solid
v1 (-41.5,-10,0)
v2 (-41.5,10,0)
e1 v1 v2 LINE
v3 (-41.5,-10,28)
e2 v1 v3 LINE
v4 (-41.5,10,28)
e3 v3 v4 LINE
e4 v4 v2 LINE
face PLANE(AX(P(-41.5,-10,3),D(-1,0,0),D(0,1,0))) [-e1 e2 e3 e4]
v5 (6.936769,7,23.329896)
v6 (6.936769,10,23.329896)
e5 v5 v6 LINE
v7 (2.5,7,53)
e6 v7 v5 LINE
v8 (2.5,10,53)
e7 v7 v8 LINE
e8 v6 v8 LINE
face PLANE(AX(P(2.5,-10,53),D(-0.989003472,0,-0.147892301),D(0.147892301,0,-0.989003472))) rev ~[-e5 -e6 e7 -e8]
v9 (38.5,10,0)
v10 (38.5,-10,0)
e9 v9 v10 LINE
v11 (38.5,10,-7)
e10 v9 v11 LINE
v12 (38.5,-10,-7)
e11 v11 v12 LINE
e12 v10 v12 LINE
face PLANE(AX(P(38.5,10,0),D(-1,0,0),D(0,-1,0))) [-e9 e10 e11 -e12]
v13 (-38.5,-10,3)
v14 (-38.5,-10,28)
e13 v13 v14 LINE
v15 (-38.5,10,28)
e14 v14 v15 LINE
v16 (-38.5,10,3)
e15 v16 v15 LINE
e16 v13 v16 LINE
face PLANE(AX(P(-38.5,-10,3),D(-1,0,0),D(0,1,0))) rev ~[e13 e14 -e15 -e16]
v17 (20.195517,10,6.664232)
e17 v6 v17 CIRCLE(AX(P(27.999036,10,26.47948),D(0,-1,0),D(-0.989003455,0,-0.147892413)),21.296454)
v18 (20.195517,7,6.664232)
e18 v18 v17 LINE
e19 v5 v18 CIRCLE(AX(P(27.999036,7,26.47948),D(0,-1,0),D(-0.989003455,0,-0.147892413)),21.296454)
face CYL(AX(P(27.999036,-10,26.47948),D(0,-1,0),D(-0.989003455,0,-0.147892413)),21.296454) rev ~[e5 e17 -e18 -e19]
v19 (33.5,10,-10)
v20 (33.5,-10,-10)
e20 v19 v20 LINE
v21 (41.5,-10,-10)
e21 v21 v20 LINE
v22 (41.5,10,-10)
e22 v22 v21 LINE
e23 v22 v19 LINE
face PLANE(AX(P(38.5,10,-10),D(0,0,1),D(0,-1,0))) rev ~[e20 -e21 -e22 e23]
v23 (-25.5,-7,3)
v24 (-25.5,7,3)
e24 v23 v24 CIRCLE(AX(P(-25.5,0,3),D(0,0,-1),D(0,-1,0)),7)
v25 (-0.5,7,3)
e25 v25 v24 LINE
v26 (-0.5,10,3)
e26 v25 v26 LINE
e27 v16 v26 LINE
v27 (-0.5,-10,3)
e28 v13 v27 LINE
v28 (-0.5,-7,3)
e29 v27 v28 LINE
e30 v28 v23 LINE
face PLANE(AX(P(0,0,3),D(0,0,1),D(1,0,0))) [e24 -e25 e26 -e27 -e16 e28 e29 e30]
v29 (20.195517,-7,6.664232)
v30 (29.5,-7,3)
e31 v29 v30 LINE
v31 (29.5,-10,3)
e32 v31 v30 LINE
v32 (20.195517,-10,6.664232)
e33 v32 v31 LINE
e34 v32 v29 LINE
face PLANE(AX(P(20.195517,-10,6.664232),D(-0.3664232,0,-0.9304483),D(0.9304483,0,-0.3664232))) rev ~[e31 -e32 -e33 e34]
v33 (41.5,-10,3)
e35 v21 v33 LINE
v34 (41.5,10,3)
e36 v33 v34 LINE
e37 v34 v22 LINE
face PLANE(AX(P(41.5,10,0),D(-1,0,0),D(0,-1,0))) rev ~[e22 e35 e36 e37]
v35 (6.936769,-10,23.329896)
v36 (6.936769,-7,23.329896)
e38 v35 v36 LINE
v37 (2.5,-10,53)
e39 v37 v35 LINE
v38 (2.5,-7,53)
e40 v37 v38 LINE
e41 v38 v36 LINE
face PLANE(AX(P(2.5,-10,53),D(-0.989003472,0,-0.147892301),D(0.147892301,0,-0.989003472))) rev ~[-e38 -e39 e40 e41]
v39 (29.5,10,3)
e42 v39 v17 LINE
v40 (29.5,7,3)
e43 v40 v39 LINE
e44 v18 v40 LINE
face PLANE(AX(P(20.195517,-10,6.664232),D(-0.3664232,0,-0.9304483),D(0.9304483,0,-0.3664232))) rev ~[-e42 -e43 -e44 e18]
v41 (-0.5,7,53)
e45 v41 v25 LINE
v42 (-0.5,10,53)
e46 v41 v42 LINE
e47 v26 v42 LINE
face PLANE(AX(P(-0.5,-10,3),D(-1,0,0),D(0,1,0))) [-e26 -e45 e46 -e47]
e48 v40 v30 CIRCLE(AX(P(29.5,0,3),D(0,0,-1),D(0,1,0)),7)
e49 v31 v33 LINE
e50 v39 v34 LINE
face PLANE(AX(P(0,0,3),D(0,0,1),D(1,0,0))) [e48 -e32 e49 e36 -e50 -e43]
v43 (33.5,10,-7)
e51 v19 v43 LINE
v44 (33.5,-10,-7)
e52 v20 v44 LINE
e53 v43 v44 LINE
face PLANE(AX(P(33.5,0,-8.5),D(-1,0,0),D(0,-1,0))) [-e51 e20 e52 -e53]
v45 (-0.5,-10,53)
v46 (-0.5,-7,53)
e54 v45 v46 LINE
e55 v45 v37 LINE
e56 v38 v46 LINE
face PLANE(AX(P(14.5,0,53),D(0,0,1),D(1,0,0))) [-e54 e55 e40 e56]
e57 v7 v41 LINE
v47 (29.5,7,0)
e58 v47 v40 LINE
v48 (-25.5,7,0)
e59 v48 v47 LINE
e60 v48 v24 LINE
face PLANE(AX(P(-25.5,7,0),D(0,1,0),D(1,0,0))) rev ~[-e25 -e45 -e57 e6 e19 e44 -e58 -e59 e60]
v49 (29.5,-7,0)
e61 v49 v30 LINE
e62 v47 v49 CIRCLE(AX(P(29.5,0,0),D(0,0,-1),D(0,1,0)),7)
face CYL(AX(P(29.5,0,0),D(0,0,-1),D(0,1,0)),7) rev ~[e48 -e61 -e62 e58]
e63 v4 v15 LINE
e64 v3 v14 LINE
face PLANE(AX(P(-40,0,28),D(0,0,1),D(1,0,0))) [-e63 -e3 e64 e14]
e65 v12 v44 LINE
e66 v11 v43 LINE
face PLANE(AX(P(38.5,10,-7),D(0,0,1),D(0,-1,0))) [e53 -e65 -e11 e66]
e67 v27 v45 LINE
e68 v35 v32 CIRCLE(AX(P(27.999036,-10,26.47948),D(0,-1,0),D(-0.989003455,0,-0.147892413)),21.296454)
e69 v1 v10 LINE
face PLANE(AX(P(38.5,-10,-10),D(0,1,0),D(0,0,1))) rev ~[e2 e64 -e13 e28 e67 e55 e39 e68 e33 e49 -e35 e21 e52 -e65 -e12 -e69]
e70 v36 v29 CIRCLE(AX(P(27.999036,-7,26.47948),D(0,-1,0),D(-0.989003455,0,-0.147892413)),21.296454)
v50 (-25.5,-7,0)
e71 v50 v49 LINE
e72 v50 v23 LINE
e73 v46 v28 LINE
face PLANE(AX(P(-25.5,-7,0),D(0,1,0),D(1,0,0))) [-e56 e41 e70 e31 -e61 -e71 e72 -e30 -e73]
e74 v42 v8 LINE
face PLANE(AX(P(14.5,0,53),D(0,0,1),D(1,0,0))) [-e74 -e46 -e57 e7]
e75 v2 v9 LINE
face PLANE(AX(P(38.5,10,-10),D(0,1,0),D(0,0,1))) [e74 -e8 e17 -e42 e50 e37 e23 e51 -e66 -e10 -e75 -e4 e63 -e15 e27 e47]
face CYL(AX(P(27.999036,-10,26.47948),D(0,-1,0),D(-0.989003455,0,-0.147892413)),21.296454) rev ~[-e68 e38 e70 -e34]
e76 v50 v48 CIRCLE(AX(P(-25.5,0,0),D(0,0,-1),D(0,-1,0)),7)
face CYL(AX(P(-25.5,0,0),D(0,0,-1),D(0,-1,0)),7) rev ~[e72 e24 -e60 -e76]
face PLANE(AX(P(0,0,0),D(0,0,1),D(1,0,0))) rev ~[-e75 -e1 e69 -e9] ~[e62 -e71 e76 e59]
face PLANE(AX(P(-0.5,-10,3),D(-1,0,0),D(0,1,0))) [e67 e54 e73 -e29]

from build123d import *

# Parameters (mm, degrees)
SKETCH_W        = 83
SKETCH_H        = 20
PAD_DEPTH       = 3
SKETCH001_W     = 3
SKETCH001_H     = 20
PAD001_DEPTH    = 25
SKETCH002_W     = 30
SKETCH002_H     = 20
PAD002_DEPTH    = 50
POCKET_DEPTH    = 20.001
POCKET001_DEPTH = 53.001
SKETCH006_W     = 3
SKETCH006_H     = 20
PAD003_DEPTH    = 10
SKETCH007_W     = 20
SKETCH007_H     = 3
PAD004_DEPTH    = 5


with BuildPart() as part:
    # Sketch → Pad (new body)
    with BuildSketch(Plane.XY):
        Rectangle(SKETCH_W, SKETCH_H)
    extrude(amount=PAD_DEPTH)

    # Sketch001 → Pad001 (new body)
    with BuildSketch(Plane.XY.offset(3)):
        with Locations((-40, 0)):
            Rectangle(SKETCH001_W, SKETCH001_H)
    extrude(amount=PAD001_DEPTH)

    # Sketch002 → Pad002 (new body)
    with BuildSketch(Plane.XY.offset(3)):
        with Locations((14.5, 0)):
            Rectangle(SKETCH002_W, SKETCH002_H)
    extrude(amount=PAD002_DEPTH)

    # Sketch004 → Pocket (cut, through all)
    with BuildSketch(Plane.XZ.offset(10)):
        with BuildLine():
            Line((2.5, 53), (6.936769, 23.329896))
            ThreePointArc((6.936769, 23.329896), (11.333368, 13.220729), (20.195517, 6.664232))
            Line((20.195517, 6.664232), (29.5, 3))
            Line((63.265705, 66.309877), (29.5, 3))
            Line((2.5, 53), (63.265705, 66.309877))
        make_face()
    extrude(amount=-POCKET_DEPTH, mode=Mode.SUBTRACT)

    # Sketch005 → Pocket001 (cut, through all)
    with BuildSketch(Plane(origin=(0, 0, 0), x_dir=(1, 0, 0), z_dir=(0, 0, -1))):
        with BuildLine():
            ThreePointArc((-25.5, 7), (-32.5, 0), (-25.5, -7))
            Line((-25.5, -7), (29.5, -7))
            ThreePointArc((29.5, -7), (36.5, 0), (29.5, 7))
            Line((-25.5, 7), (29.5, 7))
        make_face()
    extrude(amount=-POCKET001_DEPTH, mode=Mode.SUBTRACT)

    # Sketch006 → Pad003 (new body)
    with BuildSketch(Plane(origin=(0, 0, 0), x_dir=(1, 0, 0), z_dir=(0, 0, -1))):
        with Locations((40, 0)):
            Rectangle(SKETCH006_W, SKETCH006_H)
    extrude(amount=PAD003_DEPTH)

    # Sketch007 → Pad004 (new body)
    with BuildSketch(Plane(origin=(38.5, 0, 0), x_dir=(0, -1, 0), z_dir=(-1, 0, 0))):
        with Locations((0, -8.5)):
            Rectangle(SKETCH007_W, SKETCH007_H)
    extrude(amount=PAD004_DEPTH)


solid = part.part
